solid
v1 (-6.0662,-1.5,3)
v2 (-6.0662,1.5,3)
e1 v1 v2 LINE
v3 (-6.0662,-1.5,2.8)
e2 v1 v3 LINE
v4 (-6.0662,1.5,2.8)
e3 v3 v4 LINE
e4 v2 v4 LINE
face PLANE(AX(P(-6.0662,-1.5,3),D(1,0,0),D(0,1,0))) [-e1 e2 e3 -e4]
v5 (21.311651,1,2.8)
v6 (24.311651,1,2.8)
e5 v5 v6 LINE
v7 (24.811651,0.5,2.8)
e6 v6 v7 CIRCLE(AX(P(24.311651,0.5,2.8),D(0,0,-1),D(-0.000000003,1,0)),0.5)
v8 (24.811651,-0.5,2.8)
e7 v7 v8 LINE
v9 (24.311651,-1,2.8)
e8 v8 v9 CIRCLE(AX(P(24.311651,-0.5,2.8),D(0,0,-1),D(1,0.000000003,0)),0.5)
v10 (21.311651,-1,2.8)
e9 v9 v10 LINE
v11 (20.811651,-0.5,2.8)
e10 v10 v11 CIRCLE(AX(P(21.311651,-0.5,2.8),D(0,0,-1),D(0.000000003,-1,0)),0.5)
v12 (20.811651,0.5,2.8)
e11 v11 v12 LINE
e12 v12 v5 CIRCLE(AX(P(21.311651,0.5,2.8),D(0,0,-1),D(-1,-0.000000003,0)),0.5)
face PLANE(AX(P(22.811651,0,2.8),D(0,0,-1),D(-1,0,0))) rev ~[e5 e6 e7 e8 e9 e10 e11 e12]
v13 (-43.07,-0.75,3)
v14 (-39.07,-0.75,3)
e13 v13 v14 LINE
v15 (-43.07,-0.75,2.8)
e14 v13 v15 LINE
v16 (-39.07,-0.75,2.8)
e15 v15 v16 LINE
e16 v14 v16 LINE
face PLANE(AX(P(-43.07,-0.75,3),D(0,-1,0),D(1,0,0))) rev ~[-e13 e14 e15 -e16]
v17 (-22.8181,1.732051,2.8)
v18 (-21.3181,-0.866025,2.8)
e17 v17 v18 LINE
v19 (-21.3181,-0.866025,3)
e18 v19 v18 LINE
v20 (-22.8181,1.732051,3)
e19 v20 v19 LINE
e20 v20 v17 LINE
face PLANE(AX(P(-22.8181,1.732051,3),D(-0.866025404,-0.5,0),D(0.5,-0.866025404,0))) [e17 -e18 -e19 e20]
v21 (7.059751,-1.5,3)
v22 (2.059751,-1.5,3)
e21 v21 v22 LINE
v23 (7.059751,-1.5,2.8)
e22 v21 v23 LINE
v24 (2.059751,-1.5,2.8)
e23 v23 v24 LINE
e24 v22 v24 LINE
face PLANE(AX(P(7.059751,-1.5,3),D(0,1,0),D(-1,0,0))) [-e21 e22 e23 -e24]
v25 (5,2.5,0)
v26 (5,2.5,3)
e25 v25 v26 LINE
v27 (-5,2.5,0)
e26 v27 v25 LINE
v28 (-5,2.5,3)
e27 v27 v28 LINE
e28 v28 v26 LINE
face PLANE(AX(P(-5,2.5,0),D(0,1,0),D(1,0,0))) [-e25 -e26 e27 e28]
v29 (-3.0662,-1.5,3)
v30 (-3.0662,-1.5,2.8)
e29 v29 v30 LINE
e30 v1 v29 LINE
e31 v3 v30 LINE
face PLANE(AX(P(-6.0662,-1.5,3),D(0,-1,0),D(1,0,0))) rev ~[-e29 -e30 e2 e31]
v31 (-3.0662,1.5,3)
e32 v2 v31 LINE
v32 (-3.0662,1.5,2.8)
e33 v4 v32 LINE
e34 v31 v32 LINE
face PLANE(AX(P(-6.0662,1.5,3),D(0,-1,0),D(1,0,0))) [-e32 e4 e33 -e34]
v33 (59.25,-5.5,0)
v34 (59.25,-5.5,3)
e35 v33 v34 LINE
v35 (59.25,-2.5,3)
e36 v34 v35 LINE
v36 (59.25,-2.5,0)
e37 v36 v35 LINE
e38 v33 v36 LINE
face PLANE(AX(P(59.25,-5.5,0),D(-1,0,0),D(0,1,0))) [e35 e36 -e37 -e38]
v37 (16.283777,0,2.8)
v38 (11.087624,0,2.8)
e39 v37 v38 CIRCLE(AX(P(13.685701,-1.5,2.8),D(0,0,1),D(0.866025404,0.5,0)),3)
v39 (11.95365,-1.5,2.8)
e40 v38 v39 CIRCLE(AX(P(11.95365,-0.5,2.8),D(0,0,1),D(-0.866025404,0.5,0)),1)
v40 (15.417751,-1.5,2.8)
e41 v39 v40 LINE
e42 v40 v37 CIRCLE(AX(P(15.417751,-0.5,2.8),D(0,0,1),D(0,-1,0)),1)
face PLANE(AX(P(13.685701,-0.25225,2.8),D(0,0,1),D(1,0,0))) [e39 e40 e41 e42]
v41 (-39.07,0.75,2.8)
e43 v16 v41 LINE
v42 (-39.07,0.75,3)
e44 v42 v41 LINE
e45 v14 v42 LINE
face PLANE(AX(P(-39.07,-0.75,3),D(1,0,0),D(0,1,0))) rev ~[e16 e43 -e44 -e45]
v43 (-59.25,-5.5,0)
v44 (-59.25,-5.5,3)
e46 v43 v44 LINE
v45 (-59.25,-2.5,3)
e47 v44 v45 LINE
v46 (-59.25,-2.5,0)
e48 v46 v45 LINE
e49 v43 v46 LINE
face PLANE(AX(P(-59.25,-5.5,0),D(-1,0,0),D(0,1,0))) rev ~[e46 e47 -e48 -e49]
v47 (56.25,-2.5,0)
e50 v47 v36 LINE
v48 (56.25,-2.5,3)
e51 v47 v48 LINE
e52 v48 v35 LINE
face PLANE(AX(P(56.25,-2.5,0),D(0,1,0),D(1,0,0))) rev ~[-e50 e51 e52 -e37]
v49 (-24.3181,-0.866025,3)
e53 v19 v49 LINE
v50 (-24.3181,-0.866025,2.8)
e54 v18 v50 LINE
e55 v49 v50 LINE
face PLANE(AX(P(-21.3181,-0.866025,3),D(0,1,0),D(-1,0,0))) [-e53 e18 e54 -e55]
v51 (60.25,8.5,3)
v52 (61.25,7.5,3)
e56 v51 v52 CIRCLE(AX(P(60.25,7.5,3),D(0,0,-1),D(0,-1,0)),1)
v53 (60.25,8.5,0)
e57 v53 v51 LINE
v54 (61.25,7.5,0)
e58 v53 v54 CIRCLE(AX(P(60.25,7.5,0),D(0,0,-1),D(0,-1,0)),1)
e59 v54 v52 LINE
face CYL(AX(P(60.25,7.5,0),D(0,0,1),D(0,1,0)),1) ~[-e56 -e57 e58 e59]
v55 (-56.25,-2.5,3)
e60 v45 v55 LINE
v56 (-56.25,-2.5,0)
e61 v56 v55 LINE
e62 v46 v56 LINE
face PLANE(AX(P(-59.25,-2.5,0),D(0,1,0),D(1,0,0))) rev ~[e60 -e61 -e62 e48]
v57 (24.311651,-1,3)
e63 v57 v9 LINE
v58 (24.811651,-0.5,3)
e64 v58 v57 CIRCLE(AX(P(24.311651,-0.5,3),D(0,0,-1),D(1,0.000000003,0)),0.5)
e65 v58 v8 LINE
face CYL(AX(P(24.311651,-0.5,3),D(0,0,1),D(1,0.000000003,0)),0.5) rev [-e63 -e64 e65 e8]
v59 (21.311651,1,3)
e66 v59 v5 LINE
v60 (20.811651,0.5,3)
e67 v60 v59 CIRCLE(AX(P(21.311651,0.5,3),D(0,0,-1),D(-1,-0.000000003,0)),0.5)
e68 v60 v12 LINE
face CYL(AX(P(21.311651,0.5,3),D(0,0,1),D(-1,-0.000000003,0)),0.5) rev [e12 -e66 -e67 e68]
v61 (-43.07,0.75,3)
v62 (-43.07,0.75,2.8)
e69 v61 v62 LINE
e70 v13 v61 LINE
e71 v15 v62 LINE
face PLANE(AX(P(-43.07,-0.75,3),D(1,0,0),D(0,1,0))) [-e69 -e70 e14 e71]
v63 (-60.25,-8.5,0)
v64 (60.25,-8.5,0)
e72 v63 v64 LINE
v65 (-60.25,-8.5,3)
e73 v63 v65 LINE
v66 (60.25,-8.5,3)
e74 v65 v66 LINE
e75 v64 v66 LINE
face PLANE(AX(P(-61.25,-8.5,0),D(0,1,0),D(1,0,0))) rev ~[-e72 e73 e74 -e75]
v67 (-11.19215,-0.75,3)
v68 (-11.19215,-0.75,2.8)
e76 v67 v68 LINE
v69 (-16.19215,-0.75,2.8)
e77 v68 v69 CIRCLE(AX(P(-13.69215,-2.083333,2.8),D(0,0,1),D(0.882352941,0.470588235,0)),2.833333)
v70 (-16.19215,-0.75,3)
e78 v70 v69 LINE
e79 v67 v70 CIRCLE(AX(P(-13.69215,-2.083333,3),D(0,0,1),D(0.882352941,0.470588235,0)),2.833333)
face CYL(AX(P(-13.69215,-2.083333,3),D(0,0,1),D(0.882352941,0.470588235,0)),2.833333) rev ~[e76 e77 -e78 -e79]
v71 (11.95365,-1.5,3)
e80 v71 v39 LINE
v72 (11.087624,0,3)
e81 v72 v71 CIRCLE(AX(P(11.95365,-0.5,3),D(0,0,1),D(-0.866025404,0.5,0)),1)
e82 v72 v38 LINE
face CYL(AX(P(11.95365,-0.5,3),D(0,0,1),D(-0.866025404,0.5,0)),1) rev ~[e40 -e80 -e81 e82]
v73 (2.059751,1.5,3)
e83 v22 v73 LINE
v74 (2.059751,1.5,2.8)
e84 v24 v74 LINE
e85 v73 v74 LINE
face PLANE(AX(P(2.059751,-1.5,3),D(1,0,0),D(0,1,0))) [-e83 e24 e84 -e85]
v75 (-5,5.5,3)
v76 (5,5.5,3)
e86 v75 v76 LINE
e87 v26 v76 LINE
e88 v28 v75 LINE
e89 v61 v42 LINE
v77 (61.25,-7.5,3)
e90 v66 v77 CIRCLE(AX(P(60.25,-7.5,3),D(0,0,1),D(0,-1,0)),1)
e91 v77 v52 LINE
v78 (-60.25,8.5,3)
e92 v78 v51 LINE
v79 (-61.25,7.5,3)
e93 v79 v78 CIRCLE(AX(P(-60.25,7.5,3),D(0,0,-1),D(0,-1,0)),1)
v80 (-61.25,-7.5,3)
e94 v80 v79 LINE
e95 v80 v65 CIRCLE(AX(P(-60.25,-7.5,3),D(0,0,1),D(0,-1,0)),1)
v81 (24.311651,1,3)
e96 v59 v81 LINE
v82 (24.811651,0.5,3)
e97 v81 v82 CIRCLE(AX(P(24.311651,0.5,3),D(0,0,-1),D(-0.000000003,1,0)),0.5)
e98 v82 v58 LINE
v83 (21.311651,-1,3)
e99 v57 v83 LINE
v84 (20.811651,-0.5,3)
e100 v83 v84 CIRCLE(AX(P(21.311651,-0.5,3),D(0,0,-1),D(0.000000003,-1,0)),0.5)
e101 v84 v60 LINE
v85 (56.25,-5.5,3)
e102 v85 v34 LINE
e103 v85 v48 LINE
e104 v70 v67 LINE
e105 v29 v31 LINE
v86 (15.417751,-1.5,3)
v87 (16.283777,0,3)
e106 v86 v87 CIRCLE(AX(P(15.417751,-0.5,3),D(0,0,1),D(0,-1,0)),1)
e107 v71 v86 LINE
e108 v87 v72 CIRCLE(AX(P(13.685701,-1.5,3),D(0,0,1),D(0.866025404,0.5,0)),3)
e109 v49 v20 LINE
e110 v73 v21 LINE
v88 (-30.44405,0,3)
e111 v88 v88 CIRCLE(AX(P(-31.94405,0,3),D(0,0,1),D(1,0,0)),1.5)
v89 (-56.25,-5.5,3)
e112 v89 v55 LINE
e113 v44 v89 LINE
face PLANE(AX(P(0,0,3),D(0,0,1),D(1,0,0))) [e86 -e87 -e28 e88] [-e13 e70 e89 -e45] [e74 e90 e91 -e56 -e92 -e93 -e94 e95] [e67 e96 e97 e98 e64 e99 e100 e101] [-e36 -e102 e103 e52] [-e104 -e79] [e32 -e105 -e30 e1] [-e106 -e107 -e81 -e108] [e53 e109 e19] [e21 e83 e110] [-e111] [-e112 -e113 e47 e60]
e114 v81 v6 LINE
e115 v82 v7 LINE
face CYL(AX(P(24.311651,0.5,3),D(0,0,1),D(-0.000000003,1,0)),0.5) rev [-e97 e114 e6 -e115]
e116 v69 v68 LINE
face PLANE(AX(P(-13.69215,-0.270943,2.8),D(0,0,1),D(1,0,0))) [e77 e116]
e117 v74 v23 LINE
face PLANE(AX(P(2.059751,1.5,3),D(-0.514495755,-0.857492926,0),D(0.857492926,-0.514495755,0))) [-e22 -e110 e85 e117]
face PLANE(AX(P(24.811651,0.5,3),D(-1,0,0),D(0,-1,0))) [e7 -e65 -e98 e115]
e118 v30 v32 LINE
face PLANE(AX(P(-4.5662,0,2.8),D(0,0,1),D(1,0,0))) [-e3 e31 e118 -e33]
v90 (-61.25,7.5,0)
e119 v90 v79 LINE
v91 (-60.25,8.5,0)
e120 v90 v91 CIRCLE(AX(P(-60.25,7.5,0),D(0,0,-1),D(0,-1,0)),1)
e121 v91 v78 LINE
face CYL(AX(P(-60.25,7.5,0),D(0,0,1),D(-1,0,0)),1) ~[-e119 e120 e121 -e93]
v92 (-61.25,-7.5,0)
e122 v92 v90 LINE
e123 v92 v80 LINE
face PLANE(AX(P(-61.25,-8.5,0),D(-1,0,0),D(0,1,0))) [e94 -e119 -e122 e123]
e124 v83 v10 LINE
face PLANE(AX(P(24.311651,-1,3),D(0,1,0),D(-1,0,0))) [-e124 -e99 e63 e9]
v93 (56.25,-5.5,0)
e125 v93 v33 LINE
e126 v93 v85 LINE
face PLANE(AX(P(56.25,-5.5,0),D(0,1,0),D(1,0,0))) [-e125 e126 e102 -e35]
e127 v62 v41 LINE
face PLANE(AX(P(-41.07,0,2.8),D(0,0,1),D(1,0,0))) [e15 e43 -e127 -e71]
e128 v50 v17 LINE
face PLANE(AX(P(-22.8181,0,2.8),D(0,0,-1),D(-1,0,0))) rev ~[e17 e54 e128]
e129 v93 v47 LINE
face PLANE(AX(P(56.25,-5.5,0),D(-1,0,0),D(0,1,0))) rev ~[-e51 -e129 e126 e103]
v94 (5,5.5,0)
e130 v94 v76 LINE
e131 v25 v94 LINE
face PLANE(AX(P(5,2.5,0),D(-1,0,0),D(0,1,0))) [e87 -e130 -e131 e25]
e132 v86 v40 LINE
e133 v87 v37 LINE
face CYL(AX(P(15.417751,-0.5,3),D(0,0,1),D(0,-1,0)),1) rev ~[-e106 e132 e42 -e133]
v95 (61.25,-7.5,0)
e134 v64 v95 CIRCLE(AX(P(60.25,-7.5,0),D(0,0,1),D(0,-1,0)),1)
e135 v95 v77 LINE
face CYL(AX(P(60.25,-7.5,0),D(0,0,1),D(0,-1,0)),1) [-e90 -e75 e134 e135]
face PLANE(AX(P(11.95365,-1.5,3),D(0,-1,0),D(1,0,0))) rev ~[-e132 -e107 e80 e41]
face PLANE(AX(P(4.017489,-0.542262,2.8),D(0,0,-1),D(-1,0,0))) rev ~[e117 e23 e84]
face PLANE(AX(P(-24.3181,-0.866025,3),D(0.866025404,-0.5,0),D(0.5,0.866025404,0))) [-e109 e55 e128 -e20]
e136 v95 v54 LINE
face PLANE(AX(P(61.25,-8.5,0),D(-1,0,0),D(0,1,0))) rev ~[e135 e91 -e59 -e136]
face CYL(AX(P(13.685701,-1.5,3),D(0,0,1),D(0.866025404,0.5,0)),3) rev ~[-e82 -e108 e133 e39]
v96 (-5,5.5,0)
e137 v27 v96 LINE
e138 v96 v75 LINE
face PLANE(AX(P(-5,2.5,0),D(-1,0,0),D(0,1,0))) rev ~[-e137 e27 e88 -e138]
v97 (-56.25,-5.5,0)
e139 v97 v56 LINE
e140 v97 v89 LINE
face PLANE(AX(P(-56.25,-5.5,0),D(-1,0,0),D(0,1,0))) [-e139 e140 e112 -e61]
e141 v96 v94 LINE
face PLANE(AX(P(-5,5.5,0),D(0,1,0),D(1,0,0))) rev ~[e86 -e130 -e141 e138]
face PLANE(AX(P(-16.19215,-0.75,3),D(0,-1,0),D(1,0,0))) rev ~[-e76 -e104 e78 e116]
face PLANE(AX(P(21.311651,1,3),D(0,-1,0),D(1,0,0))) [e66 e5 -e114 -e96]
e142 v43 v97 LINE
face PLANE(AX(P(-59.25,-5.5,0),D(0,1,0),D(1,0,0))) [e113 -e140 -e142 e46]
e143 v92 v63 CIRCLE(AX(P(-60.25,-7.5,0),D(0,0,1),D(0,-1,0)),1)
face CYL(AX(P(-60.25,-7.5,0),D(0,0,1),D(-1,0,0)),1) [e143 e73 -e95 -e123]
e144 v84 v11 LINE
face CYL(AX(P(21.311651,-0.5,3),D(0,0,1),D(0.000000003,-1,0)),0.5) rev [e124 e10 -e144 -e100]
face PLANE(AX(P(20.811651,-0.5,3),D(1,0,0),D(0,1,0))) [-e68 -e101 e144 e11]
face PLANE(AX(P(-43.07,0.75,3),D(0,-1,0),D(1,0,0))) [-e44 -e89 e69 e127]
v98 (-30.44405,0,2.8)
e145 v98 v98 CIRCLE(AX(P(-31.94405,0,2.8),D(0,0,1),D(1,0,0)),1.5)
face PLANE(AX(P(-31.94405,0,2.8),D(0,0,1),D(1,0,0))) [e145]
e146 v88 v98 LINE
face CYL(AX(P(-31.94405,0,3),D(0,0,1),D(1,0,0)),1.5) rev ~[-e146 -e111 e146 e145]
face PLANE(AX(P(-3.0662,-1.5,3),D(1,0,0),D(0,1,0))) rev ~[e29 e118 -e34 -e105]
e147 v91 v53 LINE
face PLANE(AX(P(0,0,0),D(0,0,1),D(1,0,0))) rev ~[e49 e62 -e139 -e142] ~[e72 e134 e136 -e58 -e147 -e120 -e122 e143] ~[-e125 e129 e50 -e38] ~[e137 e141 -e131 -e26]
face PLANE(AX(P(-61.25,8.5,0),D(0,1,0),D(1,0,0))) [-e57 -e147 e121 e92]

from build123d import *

# Parameters (mm, degrees)
SKETCH_1_W          = 122.5
SKETCH_1_H          = 17
SKETCH_1_W_2        = 10
SKETCH_1_H_2        = 3
SKETCH_1_W_3        = 3
EXTRUDE_1_DEPTH     = 3
FILLET_1_R          = 1
SKETCH_2_R          = 1.5
SKETCH_2_W          = 4
SKETCH_2_H          = 1.5
SKETCH_2_W_2        = 3
SKETCH_2_H_2        = 3
CUT_EXTRUDE_1_DEPTH = 0.2


with BuildPart() as part:
    # Эскиз1 → Бобышка-Вытянуть1 (new body)
    with BuildSketch(Plane.XY):
        Rectangle(SKETCH_1_W, SKETCH_1_H)
        with Locations((0, 4)):
            Rectangle(SKETCH_1_W_2, SKETCH_1_H_2, mode=Mode.SUBTRACT)
        with Locations((57.75, -4)):
            Rectangle(SKETCH_1_W_3, SKETCH_1_H_2, mode=Mode.SUBTRACT)
        with Locations((-57.75, -4)):
            Rectangle(SKETCH_1_W_3, SKETCH_1_H_2, mode=Mode.SUBTRACT)
    extrude(amount=EXTRUDE_1_DEPTH)

    # Скругление1
    fillet_1_edges = [part.edges().sort_by_distance(p)[0] for p in [
        (61.25, -8.5, 1.5),
        (-61.25, -8.5, 1.5),
        (-61.25, 8.5, 1.5),
        (61.25, 8.5, 1.5),
    ]]
    fillet(fillet_1_edges, radius=FILLET_1_R)

    # Эскиз2 → Вырез-Вытянуть1 (cut)
    with BuildSketch(Plane.XY.offset(3)):
        with Locations((-31.944049889, 0)):
            Circle(SKETCH_2_R)
        Polygon((-22.818099779, 1.732050808), (-21.318099779, -0.866025404), (-24.318099779, -0.866025404), align=None)
        with Locations((-41.07, 0)):
            Rectangle(SKETCH_2_W, SKETCH_2_H)
        with BuildLine():
            Line((-16.192149668, -0.75), (-11.192149668, -0.75))
            ThreePointArc((-11.192149668, -0.75), (-13.692149668, 0.75), (-16.192149668, -0.75))
        make_face()
        with Locations((-4.566199557, 0)):
            Rectangle(SKETCH_2_W_2, SKETCH_2_H_2)
        Polygon((2.059750554, -1.5), (2.059750554, 1.5), (7.059750554, -1.5), align=None)
        with BuildLine():
            Line((11.953649857, -1.5), (15.417751472, -1.5))
            ThreePointArc((15.417751472, -1.5), (16.283776876, -1), (16.283776876, 0))
            ThreePointArc((16.283776876, 0), (13.685700664, 1.5), (11.087624453, 0))
            ThreePointArc((11.087624453, 0), (11.087624453, -1), (11.953649857, -1.5))
        make_face()
        with BuildLine():
            Line((21.311650775, 1), (24.311650775, 1))
            ThreePointArc((24.311650775, 1), (24.665204166, 0.853553391), (24.811650775, 0.5))
            Line((24.811650775, 0.5), (24.811650775, -0.5))
            ThreePointArc((24.811650775, -0.5), (24.665204166, -0.853553391), (24.311650775, -1))
            Line((24.311650775, -1), (21.311650775, -1))
            ThreePointArc((21.311650775, -1), (20.958097384, -0.853553391), (20.811650775, -0.5))
            Line((20.811650775, -0.5), (20.811650775, 0.5))
            ThreePointArc((20.811650775, 0.5), (20.958097384, 0.853553391), (21.311650775, 1))
        make_face()
    extrude(amount=-CUT_EXTRUDE_1_DEPTH, mode=Mode.SUBTRACT)


solid = part.part
